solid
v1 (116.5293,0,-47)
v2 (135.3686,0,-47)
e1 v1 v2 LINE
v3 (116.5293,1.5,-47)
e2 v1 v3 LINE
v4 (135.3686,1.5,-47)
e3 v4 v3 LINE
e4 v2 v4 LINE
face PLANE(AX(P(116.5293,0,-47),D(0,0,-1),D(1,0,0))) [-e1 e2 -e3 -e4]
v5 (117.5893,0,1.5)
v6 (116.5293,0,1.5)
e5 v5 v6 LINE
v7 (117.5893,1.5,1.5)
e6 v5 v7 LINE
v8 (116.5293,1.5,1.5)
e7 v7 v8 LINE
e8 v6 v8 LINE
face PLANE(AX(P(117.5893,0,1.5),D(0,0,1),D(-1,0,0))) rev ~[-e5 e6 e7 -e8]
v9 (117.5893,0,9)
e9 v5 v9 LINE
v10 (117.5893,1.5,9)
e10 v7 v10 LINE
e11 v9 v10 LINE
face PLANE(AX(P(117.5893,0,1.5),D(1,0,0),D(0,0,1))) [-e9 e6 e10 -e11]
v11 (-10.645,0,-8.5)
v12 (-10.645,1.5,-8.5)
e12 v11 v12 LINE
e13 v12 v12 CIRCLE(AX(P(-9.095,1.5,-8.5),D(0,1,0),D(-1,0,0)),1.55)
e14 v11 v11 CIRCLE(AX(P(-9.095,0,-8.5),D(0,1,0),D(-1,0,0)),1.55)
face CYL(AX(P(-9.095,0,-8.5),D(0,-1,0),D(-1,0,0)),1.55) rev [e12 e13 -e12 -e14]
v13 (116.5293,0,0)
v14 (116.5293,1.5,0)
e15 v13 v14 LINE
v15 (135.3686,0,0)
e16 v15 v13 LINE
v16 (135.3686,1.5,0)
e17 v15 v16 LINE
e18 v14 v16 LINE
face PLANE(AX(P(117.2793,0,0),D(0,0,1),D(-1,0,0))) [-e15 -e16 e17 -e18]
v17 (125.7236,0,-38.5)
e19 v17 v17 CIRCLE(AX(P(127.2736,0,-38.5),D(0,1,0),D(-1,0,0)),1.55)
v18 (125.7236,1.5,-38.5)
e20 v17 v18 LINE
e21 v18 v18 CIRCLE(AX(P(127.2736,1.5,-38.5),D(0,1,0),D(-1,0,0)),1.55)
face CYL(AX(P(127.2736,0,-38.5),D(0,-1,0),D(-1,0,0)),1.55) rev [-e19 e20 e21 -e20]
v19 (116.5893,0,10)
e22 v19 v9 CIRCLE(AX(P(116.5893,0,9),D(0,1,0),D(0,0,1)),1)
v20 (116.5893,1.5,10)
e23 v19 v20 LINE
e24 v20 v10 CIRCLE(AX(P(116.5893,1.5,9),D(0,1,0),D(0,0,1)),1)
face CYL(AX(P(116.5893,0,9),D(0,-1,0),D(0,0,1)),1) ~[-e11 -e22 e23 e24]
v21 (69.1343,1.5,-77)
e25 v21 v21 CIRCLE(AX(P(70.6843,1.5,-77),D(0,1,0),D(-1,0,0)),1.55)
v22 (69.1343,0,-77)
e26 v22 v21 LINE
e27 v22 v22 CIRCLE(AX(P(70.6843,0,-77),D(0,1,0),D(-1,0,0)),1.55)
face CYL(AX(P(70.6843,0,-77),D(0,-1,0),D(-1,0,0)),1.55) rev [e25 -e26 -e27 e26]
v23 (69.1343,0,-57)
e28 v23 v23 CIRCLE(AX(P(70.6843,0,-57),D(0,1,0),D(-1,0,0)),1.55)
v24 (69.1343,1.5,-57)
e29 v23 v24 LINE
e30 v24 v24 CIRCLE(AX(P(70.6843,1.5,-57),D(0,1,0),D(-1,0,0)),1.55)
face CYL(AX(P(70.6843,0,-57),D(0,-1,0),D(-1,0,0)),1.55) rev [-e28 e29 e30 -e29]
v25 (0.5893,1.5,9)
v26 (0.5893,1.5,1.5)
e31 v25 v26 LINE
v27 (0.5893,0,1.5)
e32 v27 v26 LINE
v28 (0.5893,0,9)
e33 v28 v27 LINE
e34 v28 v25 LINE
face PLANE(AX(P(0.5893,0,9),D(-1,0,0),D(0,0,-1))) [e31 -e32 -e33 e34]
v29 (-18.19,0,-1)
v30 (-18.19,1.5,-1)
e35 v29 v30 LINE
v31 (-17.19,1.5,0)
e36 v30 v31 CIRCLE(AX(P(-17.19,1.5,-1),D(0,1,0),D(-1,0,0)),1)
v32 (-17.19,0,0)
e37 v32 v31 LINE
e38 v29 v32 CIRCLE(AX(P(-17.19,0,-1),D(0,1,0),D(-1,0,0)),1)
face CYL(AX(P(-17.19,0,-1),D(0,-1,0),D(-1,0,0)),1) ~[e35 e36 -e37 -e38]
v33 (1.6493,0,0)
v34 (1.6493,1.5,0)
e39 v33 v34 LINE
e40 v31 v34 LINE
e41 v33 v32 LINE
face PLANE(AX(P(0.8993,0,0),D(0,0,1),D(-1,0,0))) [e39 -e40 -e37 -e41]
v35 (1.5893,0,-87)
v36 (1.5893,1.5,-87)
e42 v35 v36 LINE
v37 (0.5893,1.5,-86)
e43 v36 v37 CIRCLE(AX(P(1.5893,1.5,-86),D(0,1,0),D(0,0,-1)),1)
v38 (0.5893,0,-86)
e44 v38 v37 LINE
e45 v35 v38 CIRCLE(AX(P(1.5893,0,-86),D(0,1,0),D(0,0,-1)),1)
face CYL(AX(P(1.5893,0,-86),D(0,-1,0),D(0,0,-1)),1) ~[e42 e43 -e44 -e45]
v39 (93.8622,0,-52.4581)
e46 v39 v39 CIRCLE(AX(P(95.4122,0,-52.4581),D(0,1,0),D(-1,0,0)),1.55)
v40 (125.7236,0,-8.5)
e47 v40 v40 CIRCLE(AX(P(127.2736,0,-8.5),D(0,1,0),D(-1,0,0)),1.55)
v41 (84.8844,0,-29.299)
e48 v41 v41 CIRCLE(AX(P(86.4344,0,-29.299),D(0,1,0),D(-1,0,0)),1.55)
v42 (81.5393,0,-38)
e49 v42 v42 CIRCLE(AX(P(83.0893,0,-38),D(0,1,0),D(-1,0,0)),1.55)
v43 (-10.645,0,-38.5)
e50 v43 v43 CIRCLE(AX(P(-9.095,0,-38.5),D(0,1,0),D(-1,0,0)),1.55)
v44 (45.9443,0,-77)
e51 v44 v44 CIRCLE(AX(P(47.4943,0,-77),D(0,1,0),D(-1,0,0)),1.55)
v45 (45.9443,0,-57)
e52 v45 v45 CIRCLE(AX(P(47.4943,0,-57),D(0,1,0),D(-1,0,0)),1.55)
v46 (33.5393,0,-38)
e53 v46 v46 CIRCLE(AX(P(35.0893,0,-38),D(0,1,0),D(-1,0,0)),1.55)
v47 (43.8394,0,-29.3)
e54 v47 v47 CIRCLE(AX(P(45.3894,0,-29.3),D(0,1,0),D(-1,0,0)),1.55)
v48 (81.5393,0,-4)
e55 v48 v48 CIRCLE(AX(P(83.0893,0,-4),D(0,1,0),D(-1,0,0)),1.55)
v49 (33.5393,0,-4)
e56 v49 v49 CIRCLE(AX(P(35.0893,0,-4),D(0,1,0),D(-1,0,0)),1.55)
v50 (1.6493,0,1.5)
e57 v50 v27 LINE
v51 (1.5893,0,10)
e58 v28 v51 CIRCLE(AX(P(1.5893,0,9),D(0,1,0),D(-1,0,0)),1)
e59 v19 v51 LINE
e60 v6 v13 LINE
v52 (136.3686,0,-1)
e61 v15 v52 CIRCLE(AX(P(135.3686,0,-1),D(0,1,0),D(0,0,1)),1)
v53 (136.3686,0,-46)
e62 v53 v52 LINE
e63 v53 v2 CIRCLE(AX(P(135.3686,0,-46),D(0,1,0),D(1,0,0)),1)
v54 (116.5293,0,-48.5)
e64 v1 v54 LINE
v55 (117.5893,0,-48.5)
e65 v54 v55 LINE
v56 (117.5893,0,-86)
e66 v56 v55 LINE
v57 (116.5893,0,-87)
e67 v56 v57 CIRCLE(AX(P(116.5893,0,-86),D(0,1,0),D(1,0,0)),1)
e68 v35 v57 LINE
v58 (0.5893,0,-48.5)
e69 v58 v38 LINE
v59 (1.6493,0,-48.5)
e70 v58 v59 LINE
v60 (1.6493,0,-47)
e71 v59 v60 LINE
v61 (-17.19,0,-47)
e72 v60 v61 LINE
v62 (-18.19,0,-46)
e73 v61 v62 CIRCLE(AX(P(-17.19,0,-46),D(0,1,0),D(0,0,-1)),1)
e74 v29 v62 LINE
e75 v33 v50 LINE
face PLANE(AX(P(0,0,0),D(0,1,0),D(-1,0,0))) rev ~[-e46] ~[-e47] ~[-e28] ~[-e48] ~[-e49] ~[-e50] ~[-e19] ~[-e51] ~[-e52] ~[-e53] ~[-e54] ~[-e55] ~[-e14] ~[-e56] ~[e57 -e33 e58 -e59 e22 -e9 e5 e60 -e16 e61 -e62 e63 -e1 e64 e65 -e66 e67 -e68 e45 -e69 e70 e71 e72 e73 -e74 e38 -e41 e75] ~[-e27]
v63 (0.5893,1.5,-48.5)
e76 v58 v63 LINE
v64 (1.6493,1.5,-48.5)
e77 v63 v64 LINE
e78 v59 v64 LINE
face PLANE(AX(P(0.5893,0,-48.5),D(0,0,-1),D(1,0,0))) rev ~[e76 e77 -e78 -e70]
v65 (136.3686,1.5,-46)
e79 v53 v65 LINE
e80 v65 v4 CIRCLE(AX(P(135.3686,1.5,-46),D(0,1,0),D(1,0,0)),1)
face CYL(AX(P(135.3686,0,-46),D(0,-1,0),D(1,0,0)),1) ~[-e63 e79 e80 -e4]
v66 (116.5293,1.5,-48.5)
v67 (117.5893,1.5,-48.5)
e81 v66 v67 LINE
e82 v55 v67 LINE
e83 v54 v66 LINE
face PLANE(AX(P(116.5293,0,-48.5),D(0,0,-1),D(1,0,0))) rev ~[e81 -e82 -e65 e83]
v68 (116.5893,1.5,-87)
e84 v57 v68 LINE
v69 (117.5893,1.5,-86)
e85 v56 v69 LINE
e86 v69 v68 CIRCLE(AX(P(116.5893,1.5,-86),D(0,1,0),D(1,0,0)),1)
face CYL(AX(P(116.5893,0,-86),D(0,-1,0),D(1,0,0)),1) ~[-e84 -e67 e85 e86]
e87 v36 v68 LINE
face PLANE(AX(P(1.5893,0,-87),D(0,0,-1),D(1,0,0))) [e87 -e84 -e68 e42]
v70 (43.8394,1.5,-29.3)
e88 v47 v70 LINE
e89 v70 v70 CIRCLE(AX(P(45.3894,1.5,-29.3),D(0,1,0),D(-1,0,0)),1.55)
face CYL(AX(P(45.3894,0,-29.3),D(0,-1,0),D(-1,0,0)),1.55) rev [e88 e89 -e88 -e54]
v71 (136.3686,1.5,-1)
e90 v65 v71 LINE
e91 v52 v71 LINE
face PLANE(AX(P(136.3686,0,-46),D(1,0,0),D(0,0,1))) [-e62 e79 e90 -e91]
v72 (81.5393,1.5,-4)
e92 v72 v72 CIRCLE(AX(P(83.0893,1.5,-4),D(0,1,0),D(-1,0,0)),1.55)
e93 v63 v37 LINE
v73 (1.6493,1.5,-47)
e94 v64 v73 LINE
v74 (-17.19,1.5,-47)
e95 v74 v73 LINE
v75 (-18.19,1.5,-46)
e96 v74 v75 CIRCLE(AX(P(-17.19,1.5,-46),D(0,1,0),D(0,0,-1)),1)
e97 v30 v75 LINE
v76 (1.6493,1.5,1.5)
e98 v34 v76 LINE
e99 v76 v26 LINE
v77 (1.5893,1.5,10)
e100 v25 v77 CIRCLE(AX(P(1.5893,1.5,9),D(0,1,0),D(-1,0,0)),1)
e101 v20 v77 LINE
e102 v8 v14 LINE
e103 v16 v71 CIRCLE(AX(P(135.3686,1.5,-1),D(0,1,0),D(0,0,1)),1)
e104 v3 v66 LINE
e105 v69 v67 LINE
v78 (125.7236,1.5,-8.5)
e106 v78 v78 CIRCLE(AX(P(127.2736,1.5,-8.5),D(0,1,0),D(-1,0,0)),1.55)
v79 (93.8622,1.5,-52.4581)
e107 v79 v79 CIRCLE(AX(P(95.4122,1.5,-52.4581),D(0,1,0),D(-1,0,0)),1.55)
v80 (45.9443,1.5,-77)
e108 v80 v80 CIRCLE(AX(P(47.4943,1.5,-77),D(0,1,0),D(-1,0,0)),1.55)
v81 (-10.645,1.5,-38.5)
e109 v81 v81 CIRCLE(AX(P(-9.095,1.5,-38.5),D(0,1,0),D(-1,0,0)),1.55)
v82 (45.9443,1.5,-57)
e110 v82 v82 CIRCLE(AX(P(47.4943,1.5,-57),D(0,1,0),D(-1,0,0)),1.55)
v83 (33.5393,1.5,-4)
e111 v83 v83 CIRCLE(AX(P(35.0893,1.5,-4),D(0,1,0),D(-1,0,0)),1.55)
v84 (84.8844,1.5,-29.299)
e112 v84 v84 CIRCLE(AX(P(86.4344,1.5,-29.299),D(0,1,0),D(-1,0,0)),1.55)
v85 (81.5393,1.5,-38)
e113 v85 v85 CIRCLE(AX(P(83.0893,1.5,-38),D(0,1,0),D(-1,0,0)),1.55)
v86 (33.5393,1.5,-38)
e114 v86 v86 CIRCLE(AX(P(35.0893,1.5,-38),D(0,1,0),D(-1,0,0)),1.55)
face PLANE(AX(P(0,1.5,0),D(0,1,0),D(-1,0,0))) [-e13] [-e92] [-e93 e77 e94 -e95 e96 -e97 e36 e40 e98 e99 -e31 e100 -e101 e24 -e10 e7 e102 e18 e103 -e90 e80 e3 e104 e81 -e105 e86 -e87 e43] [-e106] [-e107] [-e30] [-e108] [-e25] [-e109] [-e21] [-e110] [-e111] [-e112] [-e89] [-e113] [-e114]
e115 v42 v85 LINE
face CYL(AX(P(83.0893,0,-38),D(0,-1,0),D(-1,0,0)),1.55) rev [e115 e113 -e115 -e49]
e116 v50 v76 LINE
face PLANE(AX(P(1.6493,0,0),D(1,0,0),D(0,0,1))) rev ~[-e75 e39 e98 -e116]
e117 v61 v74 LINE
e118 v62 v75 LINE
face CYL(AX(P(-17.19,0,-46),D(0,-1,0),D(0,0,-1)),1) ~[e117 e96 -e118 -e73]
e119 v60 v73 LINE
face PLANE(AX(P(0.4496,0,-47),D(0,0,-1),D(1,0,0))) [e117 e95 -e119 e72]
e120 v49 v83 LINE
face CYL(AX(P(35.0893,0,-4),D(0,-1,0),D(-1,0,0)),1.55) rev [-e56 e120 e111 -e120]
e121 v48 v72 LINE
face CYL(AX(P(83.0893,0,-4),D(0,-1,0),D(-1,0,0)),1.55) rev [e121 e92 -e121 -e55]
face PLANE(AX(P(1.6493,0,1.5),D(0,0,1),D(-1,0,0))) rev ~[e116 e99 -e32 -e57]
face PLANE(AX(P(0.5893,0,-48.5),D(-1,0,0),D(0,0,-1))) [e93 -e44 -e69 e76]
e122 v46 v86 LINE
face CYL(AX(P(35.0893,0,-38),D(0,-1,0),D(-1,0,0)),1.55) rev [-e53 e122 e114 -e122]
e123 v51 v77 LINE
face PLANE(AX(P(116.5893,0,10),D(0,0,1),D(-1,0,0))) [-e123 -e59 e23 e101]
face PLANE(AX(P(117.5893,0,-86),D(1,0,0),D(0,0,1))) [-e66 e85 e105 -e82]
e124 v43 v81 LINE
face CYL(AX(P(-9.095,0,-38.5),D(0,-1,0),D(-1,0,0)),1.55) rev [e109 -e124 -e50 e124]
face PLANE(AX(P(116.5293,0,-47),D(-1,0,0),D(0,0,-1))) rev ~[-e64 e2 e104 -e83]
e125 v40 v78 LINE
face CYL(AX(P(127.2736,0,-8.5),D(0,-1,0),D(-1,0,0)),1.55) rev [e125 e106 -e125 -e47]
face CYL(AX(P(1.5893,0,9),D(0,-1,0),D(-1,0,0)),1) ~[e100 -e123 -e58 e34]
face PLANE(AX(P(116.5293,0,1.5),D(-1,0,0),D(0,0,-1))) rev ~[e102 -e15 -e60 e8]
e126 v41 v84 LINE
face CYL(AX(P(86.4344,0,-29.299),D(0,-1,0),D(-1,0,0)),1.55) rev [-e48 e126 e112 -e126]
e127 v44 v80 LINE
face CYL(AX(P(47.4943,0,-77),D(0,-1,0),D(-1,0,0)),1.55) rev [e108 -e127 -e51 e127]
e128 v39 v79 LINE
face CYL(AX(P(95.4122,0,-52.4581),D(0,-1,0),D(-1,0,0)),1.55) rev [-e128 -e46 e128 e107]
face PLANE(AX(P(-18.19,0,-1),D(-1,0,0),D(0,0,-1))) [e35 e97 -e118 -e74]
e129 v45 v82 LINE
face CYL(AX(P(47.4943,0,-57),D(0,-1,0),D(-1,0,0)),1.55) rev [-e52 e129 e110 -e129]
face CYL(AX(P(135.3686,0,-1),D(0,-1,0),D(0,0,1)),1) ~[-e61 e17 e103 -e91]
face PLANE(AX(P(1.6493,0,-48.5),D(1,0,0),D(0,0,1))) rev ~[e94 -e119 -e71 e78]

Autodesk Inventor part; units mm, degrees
ref_plane "YZ Plane" through (0, 0, 0) normal (1, 0, 0) x (0, 1, 0)
ref_plane "XZ Plane" through (0, 0, 0) normal (0, 1, 0) x (-1, 0, 0)
ref_plane "XY Plane" through (0, 0, 0) normal (0, 0, 1) x (1, 0, 0)
sketch "Sketch2" plane through (0, 0, 0) normal (0, 1, 0) x (-1, 0, 0)
  line L0 (-0.4496, -47) -> (-0.4496, 0)
  line L1 (-117.7289, 0) -> (-117.7289, -47)
  circle A0 centre (-86.4344, -29.299) radius 1.55
  circle A1 centre (-45.3894, -29.3) radius 1.55
  circle A2 centre (-95.4122, -52.4581) radius 1.55
  circle A3 centre (-83.0893, -4) radius 1.55
  circle A4 centre (-35.0893, -4) radius 1.55
  circle A5 centre (-83.0893, -38) radius 1.55
  circle A6 centre (-35.0893, -38) radius 1.55
  circle A7 centre (-70.6843, -57) radius 1.55
  circle A8 centre (-70.6843, -77) radius 1.55
  circle A9 centre (-47.4943, -57) radius 1.55
  circle A10 centre (-47.4943, -77) radius 1.55
  circle A11 centre (9.095, -8.5) radius 1.55
  circle A12 centre (-127.2736, -8.5) radius 1.55
  circle A13 centre (9.095, -38.5) radius 1.55
  circle A14 centre (-127.2736, -38.5) radius 1.55
  arc A15 (-117.5893, -86) -> (-116.5893, -87) centre (-116.5893, -86) ccw
  line L2 (-117.5893, -86) -> (-117.5893, -48.5)
  arc A16 (-136.3686, -46) -> (-135.3686, -47) centre (-135.3686, -46) ccw
  arc A17 (-135.3686, 0) -> (-136.3686, -1) centre (-135.3686, -1) ccw
  line L3 (-135.3686, 0) -> (-116.5293, 0)
  arc A18 (-116.5893, 10) -> (-117.5893, 9) centre (-116.5893, 9) ccw
  line L4 (-117.5893, 1.5) -> (-117.5893, 9)
  arc A19 (-0.5893, 9) -> (-1.5893, 10) centre (-1.5893, 9) ccw
  line L5 (-0.5893, 9) -> (-0.5893, 1.5)
  arc A20 (18.19, -1) -> (17.19, 0) centre (17.19, -1) ccw
  arc A21 (17.19, -47) -> (18.19, -46) centre (17.19, -46) ccw
  line L6 (17.19, -47) -> (-1.6493, -47)
  arc A22 (-1.5893, -87) -> (-0.5893, -86) centre (-1.5893, -86) ccw
  line L7 (-0.5893, -48.5) -> (-0.5893, -86)
  line L8 (-136.3686, -46) -> (-136.3686, -1)
  line L9 (18.19, -1) -> (18.19, -46)
  line L10 (-1.6493, 0) -> (17.19, 0)
  line L11 (-1.6493, 0) -> (-1.6493, 1.5)
  line L12 (-1.6493, 1.5) -> (-0.5893, 1.5)
  line L13 (-116.5893, 10) -> (-1.5893, 10)
  line L14 (-117.5893, 1.5) -> (-116.5293, 1.5)
  line L15 (-116.5293, 1.5) -> (-116.5293, 0)
  line L16 (-116.5293, -47) -> (-135.3686, -47)
  line L17 (-116.5293, -47) -> (-116.5293, -48.5)
  line L18 (-116.5293, -48.5) -> (-117.5893, -48.5)
  line L19 (-1.5893, -87) -> (-116.5893, -87)
  line L20 (-0.5893, -48.5) -> (-1.6493, -48.5)
  line L21 (-1.6493, -48.5) -> (-1.6493, -47)
  line L22 (-118.1786, -47) -> (-118.1786, 0)
  line L23 (-117.2793, 0) -> (-117.2793, -47)
  line L24 (-0.8993, -47) -> (-0.8993, 0)
  line L25 (0, 0) -> (0, -47)
extrude "Extrusion2" add sketch "Sketch2" along normal blind 1.5
properties part number "body_middle_frame"
